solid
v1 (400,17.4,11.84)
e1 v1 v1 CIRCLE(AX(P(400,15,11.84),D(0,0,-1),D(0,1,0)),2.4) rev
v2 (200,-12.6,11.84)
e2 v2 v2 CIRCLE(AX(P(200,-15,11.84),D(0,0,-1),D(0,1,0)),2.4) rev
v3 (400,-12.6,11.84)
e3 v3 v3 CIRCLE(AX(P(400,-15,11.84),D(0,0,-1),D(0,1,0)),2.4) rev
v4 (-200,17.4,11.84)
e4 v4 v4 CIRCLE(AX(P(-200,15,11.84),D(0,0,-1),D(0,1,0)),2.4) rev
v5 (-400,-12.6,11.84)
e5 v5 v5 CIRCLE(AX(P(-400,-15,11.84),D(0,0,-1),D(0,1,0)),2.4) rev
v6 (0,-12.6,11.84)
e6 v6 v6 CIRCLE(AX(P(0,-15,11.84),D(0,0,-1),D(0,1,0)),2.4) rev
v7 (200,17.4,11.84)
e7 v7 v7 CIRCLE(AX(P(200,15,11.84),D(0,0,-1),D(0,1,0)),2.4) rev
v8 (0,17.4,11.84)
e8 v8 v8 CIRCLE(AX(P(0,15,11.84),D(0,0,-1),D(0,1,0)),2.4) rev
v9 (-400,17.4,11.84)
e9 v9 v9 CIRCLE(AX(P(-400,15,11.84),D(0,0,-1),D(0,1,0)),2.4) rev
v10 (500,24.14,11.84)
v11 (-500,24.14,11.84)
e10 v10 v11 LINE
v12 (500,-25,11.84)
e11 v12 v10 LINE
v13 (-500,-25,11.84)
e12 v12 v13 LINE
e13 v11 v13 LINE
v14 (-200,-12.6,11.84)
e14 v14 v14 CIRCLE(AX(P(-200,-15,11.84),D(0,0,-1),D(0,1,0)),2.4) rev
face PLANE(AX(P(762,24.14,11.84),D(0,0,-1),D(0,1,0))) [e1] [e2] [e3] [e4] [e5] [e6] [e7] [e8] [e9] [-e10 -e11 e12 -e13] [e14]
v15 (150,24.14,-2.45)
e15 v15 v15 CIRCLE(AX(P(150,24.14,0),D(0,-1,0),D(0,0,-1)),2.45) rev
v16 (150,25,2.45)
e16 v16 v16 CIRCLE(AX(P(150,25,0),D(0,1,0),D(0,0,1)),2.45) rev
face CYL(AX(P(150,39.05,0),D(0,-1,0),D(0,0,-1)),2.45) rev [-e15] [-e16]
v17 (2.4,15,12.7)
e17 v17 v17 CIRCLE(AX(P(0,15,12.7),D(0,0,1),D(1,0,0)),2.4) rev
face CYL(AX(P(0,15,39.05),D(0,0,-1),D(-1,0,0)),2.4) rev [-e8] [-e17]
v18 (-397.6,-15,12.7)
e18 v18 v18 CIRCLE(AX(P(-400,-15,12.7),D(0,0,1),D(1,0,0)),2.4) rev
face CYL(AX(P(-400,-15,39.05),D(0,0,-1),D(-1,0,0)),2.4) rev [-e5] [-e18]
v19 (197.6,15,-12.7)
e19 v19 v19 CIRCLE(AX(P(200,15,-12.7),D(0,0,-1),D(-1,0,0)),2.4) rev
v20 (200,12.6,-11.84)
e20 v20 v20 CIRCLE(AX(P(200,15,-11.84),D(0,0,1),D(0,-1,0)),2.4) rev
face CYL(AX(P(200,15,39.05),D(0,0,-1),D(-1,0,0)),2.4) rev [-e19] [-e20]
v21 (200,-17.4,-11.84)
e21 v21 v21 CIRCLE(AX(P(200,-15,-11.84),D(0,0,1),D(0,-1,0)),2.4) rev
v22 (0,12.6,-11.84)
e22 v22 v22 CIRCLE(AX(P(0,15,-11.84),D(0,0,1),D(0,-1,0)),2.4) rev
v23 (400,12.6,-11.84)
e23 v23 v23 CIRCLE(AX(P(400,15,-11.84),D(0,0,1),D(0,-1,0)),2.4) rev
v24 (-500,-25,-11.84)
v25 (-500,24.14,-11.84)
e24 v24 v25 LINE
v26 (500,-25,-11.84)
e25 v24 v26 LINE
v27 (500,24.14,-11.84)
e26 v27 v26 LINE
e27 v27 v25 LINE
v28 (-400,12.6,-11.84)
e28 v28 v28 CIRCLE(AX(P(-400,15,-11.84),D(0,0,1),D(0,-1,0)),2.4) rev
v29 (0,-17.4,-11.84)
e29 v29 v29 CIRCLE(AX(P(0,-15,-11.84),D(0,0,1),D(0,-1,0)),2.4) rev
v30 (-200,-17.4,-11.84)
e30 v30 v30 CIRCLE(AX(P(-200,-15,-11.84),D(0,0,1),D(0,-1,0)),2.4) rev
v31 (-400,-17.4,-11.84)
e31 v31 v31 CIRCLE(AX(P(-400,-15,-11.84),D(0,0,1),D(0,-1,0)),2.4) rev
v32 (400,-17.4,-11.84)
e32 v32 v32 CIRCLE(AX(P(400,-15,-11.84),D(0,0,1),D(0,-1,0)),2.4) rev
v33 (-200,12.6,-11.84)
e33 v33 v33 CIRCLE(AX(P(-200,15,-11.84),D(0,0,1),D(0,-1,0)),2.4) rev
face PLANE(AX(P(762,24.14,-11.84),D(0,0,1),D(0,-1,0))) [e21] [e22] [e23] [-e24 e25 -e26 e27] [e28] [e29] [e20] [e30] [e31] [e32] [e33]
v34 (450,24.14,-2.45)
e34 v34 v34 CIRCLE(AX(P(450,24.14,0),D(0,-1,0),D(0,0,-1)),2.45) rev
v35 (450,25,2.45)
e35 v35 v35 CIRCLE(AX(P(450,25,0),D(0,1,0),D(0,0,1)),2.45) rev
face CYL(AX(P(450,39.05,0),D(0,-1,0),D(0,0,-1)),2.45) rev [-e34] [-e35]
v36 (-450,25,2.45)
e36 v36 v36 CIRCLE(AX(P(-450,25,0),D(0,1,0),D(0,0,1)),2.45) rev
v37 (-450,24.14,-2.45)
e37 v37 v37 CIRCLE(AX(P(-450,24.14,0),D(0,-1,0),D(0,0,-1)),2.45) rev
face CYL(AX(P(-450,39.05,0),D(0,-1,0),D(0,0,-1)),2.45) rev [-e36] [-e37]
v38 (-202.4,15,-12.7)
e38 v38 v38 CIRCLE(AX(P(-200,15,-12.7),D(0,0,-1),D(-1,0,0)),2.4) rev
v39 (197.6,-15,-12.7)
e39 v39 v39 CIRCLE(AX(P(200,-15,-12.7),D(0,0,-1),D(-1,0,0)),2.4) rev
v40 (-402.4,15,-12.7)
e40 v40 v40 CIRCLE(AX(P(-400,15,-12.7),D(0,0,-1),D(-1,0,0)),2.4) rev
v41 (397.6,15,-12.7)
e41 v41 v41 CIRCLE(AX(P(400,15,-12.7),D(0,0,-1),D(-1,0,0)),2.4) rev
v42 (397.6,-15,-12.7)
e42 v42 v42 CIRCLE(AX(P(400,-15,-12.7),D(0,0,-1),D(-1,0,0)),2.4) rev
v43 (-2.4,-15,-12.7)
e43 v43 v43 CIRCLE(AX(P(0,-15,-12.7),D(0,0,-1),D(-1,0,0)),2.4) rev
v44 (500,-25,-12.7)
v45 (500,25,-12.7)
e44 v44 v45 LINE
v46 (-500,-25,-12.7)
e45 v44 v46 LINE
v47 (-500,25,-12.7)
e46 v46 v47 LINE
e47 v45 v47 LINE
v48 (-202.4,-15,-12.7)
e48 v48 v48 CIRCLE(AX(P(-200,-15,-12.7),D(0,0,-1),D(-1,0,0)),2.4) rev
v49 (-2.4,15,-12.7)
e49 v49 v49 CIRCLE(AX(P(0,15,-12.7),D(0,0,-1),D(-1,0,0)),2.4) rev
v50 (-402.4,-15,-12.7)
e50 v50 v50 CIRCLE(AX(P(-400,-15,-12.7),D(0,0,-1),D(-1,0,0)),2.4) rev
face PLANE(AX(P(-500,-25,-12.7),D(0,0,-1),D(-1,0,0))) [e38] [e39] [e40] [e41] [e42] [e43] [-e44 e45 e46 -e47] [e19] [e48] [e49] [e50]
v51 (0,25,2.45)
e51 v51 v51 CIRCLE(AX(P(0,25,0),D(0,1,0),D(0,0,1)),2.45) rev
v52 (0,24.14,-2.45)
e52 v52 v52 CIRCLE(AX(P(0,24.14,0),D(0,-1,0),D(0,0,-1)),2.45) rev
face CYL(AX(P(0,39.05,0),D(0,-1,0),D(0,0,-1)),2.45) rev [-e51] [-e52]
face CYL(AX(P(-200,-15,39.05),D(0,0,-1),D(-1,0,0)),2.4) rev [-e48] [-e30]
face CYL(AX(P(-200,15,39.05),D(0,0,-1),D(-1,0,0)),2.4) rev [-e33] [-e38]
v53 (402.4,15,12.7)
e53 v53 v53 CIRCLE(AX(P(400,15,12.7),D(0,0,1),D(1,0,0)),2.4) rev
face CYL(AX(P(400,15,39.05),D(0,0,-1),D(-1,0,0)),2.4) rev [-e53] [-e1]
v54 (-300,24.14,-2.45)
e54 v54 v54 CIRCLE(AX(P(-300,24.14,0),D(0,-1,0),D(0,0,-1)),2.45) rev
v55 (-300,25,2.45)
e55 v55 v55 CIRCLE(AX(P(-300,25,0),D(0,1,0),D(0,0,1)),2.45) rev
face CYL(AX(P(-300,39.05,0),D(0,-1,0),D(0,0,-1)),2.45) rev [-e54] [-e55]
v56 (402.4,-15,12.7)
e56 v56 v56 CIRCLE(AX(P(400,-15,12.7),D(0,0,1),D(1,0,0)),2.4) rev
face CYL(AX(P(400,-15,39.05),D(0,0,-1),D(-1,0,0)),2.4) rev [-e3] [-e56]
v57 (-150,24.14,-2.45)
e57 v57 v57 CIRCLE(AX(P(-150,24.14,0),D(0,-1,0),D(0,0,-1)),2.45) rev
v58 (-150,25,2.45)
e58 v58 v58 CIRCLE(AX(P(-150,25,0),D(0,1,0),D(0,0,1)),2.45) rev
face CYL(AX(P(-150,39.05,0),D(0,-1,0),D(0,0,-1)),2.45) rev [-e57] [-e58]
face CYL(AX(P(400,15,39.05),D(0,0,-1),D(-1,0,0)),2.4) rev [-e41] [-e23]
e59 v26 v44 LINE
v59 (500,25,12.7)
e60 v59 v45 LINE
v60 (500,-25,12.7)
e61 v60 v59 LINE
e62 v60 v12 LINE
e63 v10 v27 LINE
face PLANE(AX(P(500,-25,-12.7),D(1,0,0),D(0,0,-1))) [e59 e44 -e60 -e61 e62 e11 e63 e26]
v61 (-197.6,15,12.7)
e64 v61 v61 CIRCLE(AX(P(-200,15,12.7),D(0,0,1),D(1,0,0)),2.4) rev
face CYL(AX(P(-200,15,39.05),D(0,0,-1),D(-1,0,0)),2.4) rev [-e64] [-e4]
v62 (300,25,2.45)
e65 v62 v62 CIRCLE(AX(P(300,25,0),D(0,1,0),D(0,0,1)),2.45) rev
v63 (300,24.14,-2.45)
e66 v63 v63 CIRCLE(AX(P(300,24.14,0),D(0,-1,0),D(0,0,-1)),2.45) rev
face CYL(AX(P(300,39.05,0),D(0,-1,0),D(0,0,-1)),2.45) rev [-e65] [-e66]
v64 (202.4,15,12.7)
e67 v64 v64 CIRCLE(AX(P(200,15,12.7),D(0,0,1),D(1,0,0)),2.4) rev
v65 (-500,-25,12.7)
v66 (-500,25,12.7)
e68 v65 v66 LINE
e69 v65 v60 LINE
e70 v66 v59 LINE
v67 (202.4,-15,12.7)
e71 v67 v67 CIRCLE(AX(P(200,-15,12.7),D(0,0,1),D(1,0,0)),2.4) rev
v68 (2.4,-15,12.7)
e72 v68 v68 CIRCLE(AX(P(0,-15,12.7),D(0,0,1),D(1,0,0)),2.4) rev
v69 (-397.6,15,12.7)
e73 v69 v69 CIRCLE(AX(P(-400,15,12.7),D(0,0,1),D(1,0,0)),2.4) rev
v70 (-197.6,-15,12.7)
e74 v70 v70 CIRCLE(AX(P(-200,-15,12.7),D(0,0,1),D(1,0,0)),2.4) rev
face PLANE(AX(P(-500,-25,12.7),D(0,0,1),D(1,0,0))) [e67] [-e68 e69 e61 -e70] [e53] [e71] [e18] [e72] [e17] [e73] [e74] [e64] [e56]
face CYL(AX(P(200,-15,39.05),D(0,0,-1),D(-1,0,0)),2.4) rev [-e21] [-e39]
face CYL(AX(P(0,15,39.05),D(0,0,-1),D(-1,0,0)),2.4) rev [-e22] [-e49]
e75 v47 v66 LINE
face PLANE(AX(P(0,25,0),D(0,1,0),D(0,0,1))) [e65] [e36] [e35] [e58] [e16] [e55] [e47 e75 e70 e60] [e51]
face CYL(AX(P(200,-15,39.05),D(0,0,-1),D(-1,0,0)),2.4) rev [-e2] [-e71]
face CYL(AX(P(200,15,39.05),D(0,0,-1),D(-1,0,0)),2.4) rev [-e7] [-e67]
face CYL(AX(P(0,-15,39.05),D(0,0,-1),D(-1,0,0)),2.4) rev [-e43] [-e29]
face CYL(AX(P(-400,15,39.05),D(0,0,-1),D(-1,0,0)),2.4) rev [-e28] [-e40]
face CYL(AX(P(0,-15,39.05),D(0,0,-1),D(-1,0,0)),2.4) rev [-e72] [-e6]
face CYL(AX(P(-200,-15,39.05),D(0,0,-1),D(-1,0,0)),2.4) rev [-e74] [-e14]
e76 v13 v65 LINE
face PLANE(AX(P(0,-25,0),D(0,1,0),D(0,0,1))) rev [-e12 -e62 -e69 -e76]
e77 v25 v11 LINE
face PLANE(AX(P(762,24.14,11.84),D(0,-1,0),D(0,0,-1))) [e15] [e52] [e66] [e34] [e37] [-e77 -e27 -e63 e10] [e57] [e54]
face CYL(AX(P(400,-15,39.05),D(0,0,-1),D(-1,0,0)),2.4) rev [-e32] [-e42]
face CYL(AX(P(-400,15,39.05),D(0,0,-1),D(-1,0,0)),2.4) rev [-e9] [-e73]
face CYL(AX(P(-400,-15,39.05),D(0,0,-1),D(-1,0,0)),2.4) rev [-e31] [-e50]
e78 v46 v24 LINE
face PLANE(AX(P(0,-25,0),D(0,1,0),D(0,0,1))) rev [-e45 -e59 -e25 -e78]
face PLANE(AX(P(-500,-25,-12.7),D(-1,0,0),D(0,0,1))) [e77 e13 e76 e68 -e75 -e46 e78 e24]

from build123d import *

# Parameters (mm, degrees)
BOSS_EXTRUDE1_DEPTH      = 25
BOSS_EXTRUDE1_DEPTH_BACK = 25
SKETCH2_W                = 1000
SKETCH2_H                = 25.4
CUT_EXTRUDE1_DEPTH       = 762
CUT_EXTRUDE1_DEPTH_BACK  = 762
SKETCH4_W                = 23.68
SKETCH4_H                = 49.713198884
SKETCH5_R                = 2.45
CUT_EXTRUDE2_DEPTH       = 39.05
CUT_EXTRUDE3_DEPTH       = 39.05
CUT_EXTRUDE3_DEPTH_BACK  = 39.05
SKETCH6_R                = 2.4


with BuildPart() as part:
    # Sketch2 → Boss-Extrude1 (new, two sides: drawn at the far end of the back side and taken through both)
    with BuildSketch(Plane(origin=(0, 0, 0), x_dir=(1, 0, 0), z_dir=(0, 1, 0)).offset(-BOSS_EXTRUDE1_DEPTH_BACK)):
        Rectangle(SKETCH2_W, SKETCH2_H)
    extrude(amount=BOSS_EXTRUDE1_DEPTH + BOSS_EXTRUDE1_DEPTH_BACK)

    # Sketch4 → Cut-Extrude1 (cut, two sides: drawn at the far end of the back side and taken through both)
    with BuildSketch(Plane(origin=(0, 0, 0), x_dir=(0, 0, -1), z_dir=(1, 0, 0)).offset(-CUT_EXTRUDE1_DEPTH_BACK)):
        with Locations((0, -0.716599442)):
            Rectangle(SKETCH4_W, SKETCH4_H)
    extrude(amount=CUT_EXTRUDE1_DEPTH + CUT_EXTRUDE1_DEPTH_BACK, mode=Mode.SUBTRACT)

    # Sketch5 → Cut-Extrude2 (cut)
    with BuildSketch(Plane(origin=(0, 0, 0), x_dir=(1, 0, 0), z_dir=(0, 1, 0))):
        Circle(SKETCH5_R)
        with Locations((150, 0)):
            Circle(SKETCH5_R)
        with Locations((300, 0)):
            Circle(SKETCH5_R)
        with Locations((450, 0)):
            Circle(SKETCH5_R)
        with Locations((-150, 0)):
            Circle(SKETCH5_R)
        with Locations((-300, 0)):
            Circle(SKETCH5_R)
        with Locations((-450, 0)):
            Circle(SKETCH5_R)
    extrude(amount=CUT_EXTRUDE2_DEPTH, mode=Mode.SUBTRACT)

    # Sketch6 → Cut-Extrude3 (cut, two sides: drawn at the far end of the back side and taken through both)
    with BuildSketch(Plane.XY.offset(-CUT_EXTRUDE3_DEPTH_BACK)):
        with Locations((0, 15)):
            Circle(SKETCH6_R)
        with Locations((0, -15)):
            Circle(SKETCH6_R)
        with Locations((200, 15)):
            Circle(SKETCH6_R)
        with Locations((200, -15)):
            Circle(SKETCH6_R)
        with Locations((400, 15)):
            Circle(SKETCH6_R)
        with Locations((400, -15)):
            Circle(SKETCH6_R)
        with Locations((600, 15)):
            Circle(SKETCH6_R)
        with Locations((600, -15)):
            Circle(SKETCH6_R)
        with Locations((-200, 15)):
            Circle(SKETCH6_R)
        with Locations((-200, -15)):
            Circle(SKETCH6_R)
        with Locations((-400, 15)):
            Circle(SKETCH6_R)
        with Locations((-400, -15)):
            Circle(SKETCH6_R)
        with Locations((-600, 15)):
            Circle(SKETCH6_R)
        with Locations((-600, -15)):
            Circle(SKETCH6_R)
    extrude(amount=CUT_EXTRUDE3_DEPTH + CUT_EXTRUDE3_DEPTH_BACK, mode=Mode.SUBTRACT)


solid = part.part
